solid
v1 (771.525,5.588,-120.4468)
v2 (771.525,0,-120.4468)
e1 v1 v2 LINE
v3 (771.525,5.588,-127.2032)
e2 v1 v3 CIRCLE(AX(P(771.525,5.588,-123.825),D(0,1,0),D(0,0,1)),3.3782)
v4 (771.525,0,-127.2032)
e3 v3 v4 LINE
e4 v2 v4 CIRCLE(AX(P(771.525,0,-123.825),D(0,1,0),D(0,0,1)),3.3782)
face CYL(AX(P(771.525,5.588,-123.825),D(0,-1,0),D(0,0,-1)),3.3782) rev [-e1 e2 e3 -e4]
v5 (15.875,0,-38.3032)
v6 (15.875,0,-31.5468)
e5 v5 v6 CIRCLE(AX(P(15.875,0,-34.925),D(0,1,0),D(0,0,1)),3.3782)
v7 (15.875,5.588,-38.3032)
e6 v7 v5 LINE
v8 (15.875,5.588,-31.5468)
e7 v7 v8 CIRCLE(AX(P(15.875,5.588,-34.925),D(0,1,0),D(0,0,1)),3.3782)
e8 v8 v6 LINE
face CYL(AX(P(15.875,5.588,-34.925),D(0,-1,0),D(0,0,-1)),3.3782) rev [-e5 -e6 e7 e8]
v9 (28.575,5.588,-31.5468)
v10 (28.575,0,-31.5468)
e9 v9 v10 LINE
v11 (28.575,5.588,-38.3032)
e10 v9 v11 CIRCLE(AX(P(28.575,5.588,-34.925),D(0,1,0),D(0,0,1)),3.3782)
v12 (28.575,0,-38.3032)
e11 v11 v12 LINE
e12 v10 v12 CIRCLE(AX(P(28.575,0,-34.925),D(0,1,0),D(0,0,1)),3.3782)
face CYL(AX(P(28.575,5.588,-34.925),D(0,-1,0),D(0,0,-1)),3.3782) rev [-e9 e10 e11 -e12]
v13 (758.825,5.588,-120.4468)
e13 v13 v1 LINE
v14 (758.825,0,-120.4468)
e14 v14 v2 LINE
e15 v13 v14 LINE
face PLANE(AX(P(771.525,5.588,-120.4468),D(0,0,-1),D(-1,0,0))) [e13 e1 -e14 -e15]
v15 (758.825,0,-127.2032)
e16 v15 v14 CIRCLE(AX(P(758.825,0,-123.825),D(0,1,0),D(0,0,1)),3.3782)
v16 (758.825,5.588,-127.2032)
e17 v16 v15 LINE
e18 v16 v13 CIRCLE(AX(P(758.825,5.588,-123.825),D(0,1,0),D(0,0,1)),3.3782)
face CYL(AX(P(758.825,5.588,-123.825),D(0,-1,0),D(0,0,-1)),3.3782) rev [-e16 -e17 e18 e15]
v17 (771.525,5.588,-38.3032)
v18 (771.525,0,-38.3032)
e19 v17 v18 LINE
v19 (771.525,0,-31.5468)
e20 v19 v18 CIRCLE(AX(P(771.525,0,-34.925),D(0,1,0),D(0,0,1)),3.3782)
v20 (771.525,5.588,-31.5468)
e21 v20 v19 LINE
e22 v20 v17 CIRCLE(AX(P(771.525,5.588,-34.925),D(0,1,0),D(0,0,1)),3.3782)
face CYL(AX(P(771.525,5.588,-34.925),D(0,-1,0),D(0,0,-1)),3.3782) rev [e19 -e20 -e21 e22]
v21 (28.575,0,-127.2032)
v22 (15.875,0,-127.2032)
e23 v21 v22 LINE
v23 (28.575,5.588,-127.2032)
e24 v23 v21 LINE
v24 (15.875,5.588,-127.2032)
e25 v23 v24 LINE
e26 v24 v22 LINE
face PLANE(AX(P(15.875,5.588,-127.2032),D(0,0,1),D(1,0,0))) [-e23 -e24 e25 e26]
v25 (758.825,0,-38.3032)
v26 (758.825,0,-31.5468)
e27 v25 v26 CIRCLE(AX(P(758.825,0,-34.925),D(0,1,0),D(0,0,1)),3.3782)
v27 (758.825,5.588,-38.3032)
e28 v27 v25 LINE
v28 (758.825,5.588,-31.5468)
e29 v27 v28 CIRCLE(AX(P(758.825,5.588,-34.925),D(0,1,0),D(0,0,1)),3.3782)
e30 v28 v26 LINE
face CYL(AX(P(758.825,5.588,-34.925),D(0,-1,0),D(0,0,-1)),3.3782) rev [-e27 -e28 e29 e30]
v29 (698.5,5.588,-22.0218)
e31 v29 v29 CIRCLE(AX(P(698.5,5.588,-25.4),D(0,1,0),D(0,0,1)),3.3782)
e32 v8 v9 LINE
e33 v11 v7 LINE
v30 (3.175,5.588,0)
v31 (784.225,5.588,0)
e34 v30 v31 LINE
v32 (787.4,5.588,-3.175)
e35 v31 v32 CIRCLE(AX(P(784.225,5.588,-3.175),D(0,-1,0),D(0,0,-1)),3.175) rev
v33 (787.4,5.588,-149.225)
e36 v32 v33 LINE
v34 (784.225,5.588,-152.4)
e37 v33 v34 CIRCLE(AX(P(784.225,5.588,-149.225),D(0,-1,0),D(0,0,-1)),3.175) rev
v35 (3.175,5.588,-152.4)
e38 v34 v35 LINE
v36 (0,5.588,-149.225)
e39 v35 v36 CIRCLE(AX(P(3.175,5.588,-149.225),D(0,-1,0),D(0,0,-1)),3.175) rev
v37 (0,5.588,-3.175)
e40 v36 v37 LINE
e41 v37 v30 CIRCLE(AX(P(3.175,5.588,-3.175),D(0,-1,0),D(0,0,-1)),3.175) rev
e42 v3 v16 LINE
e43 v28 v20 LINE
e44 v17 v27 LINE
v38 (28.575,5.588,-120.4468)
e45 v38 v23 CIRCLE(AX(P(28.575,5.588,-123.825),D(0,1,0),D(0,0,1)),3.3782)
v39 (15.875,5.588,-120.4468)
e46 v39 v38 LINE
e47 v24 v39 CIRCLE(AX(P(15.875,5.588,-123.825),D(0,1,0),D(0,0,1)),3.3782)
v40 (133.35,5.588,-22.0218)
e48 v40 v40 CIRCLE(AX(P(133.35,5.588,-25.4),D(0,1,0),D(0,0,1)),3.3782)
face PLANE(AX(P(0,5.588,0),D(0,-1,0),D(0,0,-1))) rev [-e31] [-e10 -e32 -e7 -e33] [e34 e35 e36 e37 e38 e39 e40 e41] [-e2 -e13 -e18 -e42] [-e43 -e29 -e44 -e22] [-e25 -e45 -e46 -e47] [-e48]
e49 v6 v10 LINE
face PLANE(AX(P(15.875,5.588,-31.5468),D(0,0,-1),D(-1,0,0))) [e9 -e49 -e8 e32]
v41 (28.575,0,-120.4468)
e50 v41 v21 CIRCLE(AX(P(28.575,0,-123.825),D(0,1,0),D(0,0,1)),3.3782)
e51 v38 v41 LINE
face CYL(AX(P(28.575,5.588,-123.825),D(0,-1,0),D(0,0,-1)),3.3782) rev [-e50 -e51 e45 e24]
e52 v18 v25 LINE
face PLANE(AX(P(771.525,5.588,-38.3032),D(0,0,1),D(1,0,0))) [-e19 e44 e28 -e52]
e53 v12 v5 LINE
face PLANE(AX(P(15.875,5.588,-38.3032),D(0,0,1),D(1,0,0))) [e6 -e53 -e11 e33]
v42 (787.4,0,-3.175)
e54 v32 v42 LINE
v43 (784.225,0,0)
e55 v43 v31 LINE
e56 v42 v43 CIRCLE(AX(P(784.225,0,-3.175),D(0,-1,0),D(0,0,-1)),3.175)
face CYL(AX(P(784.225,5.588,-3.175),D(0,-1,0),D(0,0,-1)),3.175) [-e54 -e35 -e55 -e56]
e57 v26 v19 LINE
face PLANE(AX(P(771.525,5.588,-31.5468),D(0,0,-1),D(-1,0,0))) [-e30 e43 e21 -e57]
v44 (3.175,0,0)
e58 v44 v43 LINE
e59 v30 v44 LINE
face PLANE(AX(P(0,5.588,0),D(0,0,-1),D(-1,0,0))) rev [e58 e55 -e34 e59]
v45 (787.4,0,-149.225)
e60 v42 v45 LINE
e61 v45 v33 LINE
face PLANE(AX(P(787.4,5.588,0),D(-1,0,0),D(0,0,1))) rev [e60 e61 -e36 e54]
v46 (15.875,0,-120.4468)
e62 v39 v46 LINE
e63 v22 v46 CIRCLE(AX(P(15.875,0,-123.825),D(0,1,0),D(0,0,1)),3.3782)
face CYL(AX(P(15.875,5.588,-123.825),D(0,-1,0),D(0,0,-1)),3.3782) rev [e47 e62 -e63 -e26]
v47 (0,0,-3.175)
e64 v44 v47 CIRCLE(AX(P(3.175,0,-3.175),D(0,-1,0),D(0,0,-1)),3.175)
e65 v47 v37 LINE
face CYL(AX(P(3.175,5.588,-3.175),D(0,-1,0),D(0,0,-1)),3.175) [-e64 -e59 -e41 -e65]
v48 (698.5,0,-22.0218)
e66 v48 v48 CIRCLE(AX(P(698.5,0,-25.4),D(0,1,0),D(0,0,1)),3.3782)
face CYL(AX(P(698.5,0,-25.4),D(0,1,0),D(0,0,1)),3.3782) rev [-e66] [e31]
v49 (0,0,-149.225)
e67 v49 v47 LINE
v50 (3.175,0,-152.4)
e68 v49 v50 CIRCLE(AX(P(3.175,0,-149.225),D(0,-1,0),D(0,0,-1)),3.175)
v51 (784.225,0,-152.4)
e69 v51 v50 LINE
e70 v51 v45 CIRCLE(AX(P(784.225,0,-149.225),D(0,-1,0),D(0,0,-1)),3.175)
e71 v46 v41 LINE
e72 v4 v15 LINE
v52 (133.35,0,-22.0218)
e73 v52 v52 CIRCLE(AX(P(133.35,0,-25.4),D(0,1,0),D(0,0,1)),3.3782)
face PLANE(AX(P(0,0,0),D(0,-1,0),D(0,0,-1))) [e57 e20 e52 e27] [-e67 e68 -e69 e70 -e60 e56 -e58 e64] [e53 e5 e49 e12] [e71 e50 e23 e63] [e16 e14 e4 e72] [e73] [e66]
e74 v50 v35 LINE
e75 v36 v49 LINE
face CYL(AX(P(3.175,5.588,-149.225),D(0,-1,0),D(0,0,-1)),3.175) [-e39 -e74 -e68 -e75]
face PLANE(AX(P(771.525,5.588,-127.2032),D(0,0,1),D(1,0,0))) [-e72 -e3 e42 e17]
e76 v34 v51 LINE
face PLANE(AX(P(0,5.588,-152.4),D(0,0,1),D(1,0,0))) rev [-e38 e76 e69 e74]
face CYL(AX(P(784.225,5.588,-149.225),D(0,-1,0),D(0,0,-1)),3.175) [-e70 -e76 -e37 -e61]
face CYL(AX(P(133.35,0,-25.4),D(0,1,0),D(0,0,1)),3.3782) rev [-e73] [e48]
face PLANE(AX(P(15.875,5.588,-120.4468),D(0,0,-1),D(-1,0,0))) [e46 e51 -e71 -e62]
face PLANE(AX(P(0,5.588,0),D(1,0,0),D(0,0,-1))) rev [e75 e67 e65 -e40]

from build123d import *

# Parameters (mm, degrees)
SKETCH1_W           = 787.4
SKETCH1_H           = 152.4
BOSS_EXTRUDE1_DEPTH = 5.588
FILLET1_R           = 3.175
SKETCH2_R           = 3.3782
CUT_EXTRUDE1_DEPTH  = 803.03225979


with BuildPart() as part:
    # Sketch1 → Boss-Extrude1 (new body)
    with BuildSketch(Plane(origin=(0, 0, 0), x_dir=(1, 0, 0), z_dir=(0, 1, 0))):
        with Locations((393.7, 76.2)):
            Rectangle(SKETCH1_W, SKETCH1_H)
        with BuildLine():
            Line((15.875, 38.3032), (28.575, 38.3032))
            ThreePointArc((28.575, 38.3032), (31.9532, 34.925), (28.575, 31.5468))
            Line((28.575, 31.5468), (15.875, 31.5468))
            ThreePointArc((15.875, 31.5468), (12.4968, 34.925), (15.875, 38.3032))
        make_face(mode=Mode.SUBTRACT)
        with BuildLine():
            Line((15.875, 127.2032), (28.575, 127.2032))
            ThreePointArc((28.575, 127.2032), (31.9532, 123.825), (28.575, 120.4468))
            Line((28.575, 120.4468), (15.875, 120.4468))
            ThreePointArc((15.875, 120.4468), (12.4968, 123.825), (15.875, 127.2032))
        make_face(mode=Mode.SUBTRACT)
        with BuildLine():
            Line((771.525, 120.4468), (758.825, 120.4468))
            ThreePointArc((758.825, 120.4468), (755.4468, 123.825), (758.825, 127.2032))
            Line((758.825, 127.2032), (771.525, 127.2032))
            ThreePointArc((771.525, 127.2032), (774.9032, 123.825), (771.525, 120.4468))
        make_face(mode=Mode.SUBTRACT)
        with BuildLine():
            Line((771.525, 31.5468), (758.825, 31.5468))
            ThreePointArc((758.825, 31.5468), (755.4468, 34.925), (758.825, 38.3032))
            Line((758.825, 38.3032), (771.525, 38.3032))
            ThreePointArc((771.525, 38.3032), (774.9032, 34.925), (771.525, 31.5468))
        make_face(mode=Mode.SUBTRACT)
    extrude(amount=BOSS_EXTRUDE1_DEPTH)

    # Fillet1
    fillet1_edges = [part.edges().sort_by_distance(p)[0] for p in [
        (0, 2.794, -152.4),
        (787.4, 2.794, -152.4),
        (787.4, 2.794, 0),
        (0, 2.794, 0),
    ]]
    fillet(fillet1_edges, radius=FILLET1_R)

    # Sketch2 → Cut-Extrude1 (cut, through all)
    with BuildSketch(Plane(origin=(0, 5.588, 0), x_dir=(1, 0, 0), z_dir=(0, 1, 0))):
        with Locations(Location((133.35, 25.4, 0), (0, 0, 270))):
            Circle(SKETCH2_R)
        with Locations(Location((698.5, 25.4, 0), (0, 0, 270))):
            Circle(SKETCH2_R)
    extrude(amount=-CUT_EXTRUDE1_DEPTH, mode=Mode.SUBTRACT)


solid = part.part
